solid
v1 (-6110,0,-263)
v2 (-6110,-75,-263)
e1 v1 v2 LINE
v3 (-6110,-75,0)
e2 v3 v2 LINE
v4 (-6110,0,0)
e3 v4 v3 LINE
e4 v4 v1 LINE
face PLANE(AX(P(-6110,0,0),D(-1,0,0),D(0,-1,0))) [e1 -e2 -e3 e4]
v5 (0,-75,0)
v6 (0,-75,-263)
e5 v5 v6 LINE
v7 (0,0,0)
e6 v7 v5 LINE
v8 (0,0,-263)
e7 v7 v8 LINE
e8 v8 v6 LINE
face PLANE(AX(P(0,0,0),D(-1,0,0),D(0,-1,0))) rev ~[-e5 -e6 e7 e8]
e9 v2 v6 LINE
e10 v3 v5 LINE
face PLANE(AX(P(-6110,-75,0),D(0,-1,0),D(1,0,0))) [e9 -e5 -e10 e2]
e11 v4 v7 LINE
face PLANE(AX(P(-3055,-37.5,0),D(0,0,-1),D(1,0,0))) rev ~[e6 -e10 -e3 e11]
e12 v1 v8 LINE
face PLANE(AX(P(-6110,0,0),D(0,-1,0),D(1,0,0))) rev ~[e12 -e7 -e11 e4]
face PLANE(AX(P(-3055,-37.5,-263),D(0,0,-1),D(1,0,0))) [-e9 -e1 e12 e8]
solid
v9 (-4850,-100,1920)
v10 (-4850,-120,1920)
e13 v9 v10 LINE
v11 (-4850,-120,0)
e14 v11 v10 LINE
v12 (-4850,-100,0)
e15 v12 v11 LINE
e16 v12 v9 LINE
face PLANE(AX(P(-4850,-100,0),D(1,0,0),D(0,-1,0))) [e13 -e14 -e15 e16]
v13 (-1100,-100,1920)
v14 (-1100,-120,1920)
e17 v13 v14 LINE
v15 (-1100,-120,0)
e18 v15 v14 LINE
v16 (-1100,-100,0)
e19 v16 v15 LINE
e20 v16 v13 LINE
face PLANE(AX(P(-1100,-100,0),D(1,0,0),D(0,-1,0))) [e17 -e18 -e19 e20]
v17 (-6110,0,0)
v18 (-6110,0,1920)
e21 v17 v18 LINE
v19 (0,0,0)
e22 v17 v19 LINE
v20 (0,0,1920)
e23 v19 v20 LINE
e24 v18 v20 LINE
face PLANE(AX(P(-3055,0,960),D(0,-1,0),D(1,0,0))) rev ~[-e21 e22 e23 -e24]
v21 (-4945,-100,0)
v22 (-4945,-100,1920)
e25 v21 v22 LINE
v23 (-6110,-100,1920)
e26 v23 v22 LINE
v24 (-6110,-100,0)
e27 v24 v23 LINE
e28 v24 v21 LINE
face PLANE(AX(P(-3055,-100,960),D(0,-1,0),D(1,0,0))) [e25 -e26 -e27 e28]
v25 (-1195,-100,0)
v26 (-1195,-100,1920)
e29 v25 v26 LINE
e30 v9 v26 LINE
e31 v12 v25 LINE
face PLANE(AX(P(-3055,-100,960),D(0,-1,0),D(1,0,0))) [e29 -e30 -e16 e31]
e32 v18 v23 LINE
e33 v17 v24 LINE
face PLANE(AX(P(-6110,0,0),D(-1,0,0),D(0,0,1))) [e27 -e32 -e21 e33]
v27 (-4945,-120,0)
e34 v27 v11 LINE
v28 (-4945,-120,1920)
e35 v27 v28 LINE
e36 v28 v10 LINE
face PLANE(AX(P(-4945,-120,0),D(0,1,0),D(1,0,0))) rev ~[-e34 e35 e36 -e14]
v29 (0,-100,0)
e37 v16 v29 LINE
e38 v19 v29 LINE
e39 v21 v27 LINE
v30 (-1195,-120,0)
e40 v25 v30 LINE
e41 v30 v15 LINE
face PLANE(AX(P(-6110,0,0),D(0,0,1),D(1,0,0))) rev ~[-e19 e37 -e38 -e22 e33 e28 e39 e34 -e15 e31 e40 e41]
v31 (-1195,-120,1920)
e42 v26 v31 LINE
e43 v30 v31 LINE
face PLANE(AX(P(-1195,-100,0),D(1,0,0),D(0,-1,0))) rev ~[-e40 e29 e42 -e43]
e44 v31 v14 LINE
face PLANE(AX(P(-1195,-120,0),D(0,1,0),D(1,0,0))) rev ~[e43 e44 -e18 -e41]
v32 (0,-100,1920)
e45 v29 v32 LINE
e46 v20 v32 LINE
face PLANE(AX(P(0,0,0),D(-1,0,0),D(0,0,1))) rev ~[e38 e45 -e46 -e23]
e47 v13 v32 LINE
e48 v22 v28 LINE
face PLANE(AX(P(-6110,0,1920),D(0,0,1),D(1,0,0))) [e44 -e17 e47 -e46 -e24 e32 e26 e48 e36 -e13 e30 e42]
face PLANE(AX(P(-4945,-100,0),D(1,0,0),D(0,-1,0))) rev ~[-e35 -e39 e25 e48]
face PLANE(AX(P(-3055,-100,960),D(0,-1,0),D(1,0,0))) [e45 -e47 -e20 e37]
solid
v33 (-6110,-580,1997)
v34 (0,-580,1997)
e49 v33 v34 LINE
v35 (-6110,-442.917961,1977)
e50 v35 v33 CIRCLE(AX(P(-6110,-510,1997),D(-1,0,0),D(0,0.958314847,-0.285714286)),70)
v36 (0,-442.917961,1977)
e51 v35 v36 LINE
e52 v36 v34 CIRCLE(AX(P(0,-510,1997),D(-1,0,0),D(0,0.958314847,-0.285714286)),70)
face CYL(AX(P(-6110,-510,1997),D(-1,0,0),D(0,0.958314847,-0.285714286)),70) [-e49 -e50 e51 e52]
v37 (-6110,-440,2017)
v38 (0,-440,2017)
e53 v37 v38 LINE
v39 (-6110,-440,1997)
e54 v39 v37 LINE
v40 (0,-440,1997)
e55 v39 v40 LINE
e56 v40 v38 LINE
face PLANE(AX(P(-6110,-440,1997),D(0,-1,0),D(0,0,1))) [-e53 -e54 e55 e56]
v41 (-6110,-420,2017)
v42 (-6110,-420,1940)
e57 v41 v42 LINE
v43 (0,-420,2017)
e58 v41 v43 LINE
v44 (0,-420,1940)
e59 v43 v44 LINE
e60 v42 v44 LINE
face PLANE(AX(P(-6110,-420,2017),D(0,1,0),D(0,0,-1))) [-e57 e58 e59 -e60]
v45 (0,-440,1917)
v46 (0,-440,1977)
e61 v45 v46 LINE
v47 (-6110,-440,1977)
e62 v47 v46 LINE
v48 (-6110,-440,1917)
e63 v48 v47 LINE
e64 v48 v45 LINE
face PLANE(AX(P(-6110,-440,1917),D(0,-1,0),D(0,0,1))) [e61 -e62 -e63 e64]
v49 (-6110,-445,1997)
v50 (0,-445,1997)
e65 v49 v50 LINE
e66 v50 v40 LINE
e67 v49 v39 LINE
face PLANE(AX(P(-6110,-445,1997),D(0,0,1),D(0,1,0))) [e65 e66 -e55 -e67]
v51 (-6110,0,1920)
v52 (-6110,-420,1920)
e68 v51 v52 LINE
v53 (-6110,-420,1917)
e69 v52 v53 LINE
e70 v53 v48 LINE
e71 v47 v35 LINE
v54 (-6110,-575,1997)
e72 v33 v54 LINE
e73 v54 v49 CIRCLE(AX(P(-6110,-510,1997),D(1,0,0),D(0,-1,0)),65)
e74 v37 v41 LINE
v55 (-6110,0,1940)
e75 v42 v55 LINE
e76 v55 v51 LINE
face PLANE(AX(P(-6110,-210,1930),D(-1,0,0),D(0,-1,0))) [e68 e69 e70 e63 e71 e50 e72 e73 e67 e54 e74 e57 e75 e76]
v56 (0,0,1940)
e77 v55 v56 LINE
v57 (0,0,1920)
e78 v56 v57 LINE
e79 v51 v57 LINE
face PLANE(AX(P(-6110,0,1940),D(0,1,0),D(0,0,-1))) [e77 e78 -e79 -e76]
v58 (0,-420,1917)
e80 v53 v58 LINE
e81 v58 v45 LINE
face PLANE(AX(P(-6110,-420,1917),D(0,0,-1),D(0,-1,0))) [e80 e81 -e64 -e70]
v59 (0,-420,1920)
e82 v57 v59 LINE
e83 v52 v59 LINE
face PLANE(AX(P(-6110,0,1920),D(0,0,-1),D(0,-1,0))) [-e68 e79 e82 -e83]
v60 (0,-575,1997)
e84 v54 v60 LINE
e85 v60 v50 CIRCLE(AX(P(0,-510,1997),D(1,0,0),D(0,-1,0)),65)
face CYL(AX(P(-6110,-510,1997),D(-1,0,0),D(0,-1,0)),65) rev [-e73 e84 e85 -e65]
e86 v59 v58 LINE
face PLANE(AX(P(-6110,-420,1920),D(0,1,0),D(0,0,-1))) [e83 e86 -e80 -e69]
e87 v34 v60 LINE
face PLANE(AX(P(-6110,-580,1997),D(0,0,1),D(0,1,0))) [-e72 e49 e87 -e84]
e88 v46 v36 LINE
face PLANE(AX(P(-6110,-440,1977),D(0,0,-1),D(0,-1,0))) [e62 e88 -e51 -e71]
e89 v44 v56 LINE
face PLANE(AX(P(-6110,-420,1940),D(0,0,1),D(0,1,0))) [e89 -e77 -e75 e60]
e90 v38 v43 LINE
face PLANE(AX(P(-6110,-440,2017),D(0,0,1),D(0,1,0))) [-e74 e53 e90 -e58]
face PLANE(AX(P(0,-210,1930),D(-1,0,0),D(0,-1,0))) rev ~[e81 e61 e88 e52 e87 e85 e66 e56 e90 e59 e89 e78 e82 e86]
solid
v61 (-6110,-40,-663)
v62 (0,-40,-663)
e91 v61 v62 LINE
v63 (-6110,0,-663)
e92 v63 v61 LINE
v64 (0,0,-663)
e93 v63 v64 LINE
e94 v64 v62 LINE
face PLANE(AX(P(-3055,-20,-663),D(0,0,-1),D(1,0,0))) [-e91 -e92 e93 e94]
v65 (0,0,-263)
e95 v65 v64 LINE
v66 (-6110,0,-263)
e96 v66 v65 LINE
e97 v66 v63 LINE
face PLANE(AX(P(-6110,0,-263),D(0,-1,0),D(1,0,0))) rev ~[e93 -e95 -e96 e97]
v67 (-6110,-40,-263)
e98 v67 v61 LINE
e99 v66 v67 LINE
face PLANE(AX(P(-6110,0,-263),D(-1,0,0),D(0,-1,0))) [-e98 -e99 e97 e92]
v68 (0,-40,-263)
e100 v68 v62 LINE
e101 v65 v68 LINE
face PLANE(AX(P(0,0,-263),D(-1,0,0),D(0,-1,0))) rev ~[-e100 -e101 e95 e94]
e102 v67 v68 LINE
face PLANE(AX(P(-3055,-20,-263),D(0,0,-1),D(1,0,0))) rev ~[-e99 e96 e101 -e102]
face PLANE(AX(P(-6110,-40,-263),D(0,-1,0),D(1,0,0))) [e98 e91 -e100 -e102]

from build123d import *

# Parameters (mm, degrees)
F0_W     = 6110
F0_H     = 1920
F1_DEPTH = 100
F2_W     = 95
F2_H     = 20
F3_DEPTH = 1920
F5_DEPTH = 6110
F6_W     = 6110
F6_H     = 75
F7_DEPTH = 263
F8_W     = 6110
F8_H     = 40
F9_DEPTH = 400


with BuildPart() as f1:
    # F0 (on Front) → F1 (new body)
    with BuildSketch(Plane.XZ):
        with Locations((-3055, 960)):
            Rectangle(F0_W, F0_H)
    extrude(amount=F1_DEPTH)

    # F2 (on face) → F3 (join, through all)
    with BuildSketch(Plane(origin=(0, 0, 0), x_dir=(1, 0, 0), z_dir=(0, 0, -1))):
        with Locations((-4897.5, 110)):
            Rectangle(F2_W, F2_H)
        with Locations((-1147.5, 110)):
            Rectangle(F2_W, F2_H)
    extrude(amount=-F3_DEPTH)


with BuildPart() as f5:
    # F4 (on face) → F5 (new body, through all)
    with BuildSketch(Plane(origin=(-6110, 0, 0), x_dir=(0, -1, 0), z_dir=(-1, 0, 0))):
        Polygon((0, 1940), (0, 1920), (100, 1920), (420, 1920), (420, 1940), align=None)
        Polygon((420, 1940), (420, 1920), (420, 1917), (440, 1917), (440, 1977), (440, 1997), (440, 2017), (420, 2017), align=None)
        with BuildLine():
            Line((440, 1997), (440, 1977))
            Line((440, 1977), (442.917960675, 1977))
            ThreePointArc((442.917960675, 1977), (520.1058707505, 1927.7333314185), (580, 1997))
            Line((580, 1997), (575, 1997))
            ThreePointArc((575, 1997), (510, 1932), (445, 1997))
            Line((445, 1997), (440, 1997))
        make_face()
    extrude(amount=-F5_DEPTH)


with BuildPart() as f7:
    # F6 (on face) → F7 (new body)
    with BuildSketch(Plane(origin=(0, 0, 0), x_dir=(1, 0, 0), z_dir=(0, 0, -1))):
        with Locations((-3055, 37.5)):
            Rectangle(F6_W, F6_H)
    extrude(amount=F7_DEPTH)


with BuildPart() as f9:
    # F8 (on face) → F9 (new body)
    with BuildSketch(Plane(origin=(0, 0, -263), x_dir=(1, 0, 0), z_dir=(0, 0, -1))):
        with Locations((-3055, 20)):
            Rectangle(F8_W, F8_H)
    extrude(amount=F9_DEPTH)


solid = Compound([f1.part, f5.part, f7.part, f9.part])
